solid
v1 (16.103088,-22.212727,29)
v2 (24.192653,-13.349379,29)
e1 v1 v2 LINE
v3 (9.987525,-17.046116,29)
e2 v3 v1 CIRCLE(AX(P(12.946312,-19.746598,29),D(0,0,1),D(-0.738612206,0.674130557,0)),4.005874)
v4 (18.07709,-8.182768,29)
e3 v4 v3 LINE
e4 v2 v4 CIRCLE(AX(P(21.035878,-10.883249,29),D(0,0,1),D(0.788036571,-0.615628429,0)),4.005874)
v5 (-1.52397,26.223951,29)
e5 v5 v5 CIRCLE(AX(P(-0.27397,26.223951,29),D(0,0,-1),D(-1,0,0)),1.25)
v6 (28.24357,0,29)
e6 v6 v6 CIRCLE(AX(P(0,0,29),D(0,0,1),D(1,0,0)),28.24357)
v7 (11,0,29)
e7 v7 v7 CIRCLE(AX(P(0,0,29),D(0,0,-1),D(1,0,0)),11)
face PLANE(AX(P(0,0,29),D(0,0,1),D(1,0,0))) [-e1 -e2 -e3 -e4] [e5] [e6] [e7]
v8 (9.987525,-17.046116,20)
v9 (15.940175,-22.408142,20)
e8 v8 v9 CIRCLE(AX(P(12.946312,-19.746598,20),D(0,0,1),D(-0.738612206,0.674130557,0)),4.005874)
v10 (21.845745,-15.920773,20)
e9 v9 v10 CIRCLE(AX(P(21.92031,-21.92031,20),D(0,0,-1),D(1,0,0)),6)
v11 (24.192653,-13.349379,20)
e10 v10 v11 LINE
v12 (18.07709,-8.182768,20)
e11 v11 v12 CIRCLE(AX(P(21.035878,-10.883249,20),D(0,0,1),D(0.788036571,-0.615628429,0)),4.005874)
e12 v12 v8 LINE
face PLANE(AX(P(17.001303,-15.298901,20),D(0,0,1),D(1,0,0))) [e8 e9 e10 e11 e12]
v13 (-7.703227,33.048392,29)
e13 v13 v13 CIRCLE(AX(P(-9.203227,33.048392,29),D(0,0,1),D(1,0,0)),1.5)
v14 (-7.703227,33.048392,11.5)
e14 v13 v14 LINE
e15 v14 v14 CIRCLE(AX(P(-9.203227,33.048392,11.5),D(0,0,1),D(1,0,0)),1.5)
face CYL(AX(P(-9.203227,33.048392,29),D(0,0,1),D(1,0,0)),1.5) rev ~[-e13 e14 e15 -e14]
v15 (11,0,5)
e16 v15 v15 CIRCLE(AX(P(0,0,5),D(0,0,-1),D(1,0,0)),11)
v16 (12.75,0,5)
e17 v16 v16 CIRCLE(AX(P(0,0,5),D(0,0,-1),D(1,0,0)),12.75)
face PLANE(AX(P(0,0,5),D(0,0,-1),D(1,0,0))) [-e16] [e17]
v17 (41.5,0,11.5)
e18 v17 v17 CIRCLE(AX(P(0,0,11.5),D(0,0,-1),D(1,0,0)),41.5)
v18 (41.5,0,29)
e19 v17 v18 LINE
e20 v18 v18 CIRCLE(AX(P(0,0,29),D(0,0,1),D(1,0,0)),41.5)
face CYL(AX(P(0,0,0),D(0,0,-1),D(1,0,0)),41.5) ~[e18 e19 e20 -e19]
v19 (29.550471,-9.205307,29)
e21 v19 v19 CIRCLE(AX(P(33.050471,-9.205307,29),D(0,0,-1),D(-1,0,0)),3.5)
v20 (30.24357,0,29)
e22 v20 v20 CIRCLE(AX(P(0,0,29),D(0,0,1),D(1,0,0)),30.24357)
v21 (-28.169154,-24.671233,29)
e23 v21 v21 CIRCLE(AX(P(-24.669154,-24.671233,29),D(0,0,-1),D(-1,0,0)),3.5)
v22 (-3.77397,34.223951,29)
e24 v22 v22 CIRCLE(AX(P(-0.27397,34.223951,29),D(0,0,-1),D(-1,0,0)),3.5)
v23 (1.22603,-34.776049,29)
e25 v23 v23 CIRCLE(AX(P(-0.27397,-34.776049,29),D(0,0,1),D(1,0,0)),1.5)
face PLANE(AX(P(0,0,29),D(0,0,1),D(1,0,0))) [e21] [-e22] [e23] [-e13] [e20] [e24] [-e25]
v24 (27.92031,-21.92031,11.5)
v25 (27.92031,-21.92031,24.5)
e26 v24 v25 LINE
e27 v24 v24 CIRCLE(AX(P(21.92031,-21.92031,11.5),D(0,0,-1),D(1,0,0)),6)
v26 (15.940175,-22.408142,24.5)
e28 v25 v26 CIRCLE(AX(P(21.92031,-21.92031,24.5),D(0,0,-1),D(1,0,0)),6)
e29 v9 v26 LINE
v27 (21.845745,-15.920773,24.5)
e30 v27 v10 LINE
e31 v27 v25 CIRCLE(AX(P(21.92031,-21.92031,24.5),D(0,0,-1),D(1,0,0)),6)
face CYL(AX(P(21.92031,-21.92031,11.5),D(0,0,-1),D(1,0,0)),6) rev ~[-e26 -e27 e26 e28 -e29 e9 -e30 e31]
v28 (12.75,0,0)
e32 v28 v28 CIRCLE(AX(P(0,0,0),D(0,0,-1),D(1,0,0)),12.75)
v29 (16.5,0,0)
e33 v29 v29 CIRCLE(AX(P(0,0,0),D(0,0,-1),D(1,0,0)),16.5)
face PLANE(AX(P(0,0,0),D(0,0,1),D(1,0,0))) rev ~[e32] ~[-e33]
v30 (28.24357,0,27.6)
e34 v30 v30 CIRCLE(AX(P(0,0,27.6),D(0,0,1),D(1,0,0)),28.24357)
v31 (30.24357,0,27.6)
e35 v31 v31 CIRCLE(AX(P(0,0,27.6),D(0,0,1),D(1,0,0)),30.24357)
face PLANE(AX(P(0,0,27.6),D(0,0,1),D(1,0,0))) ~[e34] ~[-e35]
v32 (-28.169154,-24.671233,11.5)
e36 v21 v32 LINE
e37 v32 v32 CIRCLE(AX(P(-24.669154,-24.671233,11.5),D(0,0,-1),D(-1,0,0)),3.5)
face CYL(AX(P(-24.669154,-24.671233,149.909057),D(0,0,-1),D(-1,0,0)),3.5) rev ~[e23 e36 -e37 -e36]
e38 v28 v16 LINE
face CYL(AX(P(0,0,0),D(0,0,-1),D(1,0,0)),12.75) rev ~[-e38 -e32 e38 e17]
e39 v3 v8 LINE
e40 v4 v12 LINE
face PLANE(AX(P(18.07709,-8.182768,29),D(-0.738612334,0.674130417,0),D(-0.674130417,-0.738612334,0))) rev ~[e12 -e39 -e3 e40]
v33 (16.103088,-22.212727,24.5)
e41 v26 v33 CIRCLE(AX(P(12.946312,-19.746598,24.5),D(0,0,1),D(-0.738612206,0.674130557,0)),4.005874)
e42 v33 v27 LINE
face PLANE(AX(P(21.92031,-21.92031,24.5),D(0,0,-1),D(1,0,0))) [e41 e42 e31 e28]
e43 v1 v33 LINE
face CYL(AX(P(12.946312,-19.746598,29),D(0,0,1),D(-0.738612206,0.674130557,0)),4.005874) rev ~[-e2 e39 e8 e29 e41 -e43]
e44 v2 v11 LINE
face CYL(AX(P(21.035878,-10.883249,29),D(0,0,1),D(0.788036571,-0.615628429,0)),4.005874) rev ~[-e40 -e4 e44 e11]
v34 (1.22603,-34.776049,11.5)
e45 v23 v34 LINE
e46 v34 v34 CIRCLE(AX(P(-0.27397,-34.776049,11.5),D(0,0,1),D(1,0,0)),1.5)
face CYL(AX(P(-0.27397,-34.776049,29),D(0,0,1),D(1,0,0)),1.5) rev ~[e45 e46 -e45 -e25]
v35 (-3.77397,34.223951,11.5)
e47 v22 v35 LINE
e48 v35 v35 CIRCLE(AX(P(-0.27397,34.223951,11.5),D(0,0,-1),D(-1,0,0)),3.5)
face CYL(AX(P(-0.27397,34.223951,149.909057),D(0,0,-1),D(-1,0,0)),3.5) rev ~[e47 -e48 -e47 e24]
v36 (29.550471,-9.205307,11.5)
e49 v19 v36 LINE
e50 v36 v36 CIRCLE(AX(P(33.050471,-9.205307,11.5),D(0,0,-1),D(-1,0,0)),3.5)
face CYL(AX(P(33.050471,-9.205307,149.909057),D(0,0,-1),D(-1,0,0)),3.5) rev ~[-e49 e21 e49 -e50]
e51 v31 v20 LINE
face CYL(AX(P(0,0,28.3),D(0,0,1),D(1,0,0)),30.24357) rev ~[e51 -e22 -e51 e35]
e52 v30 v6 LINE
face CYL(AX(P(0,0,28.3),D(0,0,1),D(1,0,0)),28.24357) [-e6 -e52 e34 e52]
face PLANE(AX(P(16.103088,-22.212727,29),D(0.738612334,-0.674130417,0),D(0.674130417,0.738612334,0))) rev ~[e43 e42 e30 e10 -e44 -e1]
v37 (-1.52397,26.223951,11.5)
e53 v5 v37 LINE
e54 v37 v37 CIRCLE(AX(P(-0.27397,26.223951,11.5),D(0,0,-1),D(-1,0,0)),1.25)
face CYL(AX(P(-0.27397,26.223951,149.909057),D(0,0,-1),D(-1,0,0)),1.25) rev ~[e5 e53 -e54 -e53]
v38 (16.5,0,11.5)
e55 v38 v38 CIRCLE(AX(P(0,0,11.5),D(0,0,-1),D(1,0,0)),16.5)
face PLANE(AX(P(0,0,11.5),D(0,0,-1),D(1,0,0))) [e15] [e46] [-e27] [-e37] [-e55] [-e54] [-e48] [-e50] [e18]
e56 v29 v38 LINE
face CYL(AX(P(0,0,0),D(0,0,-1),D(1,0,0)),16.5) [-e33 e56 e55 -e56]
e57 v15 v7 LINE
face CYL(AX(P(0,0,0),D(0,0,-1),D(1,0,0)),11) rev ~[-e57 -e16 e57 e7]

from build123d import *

# Parameters (mm, degrees)
F0_R      = 41.5
F1_DEPTH  = 29
F2_R      = 41.5
F2_R_2    = 16.5
F3_DEPTH  = 11.5
F4_R      = 11
F5_DEPTH  = 29.001
F6_R      = 12.75
F7_DEPTH  = 5
F8_R      = 1.5
F9_DEPTH  = 29.001
F10_D     = 7
F11_W     = 2
F11_H     = 1.4
F13_D     = 2.5
F15_DEPTH = 9
F16_R     = 6
F17_DEPTH = 13


with BuildPart() as f1:
    # F0 (on Top) → F1 (new body)
    with BuildSketch(Plane.XY):
        Circle(F0_R)
    extrude(amount=F1_DEPTH)

    # F2 (on face) → F3 (cut)
    with BuildSketch(Plane(origin=(0, 0, 0), x_dir=(1, 0, 0), z_dir=(0, 0, -1))):
        Circle(F2_R)
        Circle(F2_R_2, mode=Mode.SUBTRACT)
    extrude(amount=-F3_DEPTH, mode=Mode.SUBTRACT)

    # F4 (on face) → F5 (cut, through all)
    with BuildSketch(Plane(origin=(0, 0, 0), x_dir=(1, 0, 0), z_dir=(0, 0, -1))):
        Circle(F4_R)
    extrude(amount=-F5_DEPTH, mode=Mode.SUBTRACT)

    # F6 (on face) → F7 (cut)
    with BuildSketch(Plane(origin=(0, 0, 0), x_dir=(1, 0, 0), z_dir=(0, 0, -1))):
        Circle(F6_R)
    extrude(amount=-F7_DEPTH, mode=Mode.SUBTRACT)

    # F8 (on face) → F9 (cut, through all)
    with BuildSketch(Plane.XY.offset(29)):
        with Locations((-9.203227, 33.048392)):
            Circle(F8_R)
        with Locations((-0.27397, -34.776049)):
            Circle(F8_R)
    extrude(amount=-F9_DEPTH, mode=Mode.SUBTRACT)

    # F10 (through all)
    with Locations(Plane.XY.offset(29)):
        with Locations((-0.27397, 34.223951), (33.050471, -9.205307), (-24.669154, -24.671233)):
            Hole(F10_D / 2)

    # F11 (on Front) → F12 (revolve, cut)
    with BuildSketch(Plane.XZ):
        with Locations((29.24357, 28.3)):
            Rectangle(F11_W, F11_H)
    revolve(axis=Axis((0, 0, 11.697991), (0, 0, 1)), mode=Mode.SUBTRACT)

    # F13 (through all)
    with Locations(Plane.XY.offset(29)):
        with Locations((-0.27397, 26.223951)):
            Hole(F13_D / 2)

    # F14 (on face) → F15 (cut)
    with BuildSketch(Plane.XY.offset(29)):
        with BuildLine():
            Line((16.103088, -22.212727), (24.192653, -13.349379))
            ThreePointArc((24.192653, -13.349379), (23.621079, -7.823223), (18.07709, -8.182768))
            Line((18.07709, -8.182768), (9.987525, -17.046116))
            ThreePointArc((9.987525, -17.046116), (10.361111, -22.806624), (16.103088, -22.212727))
        make_face()
    extrude(amount=-F15_DEPTH, mode=Mode.SUBTRACT)

    # F16 (on face) → F17 (cut)
    with BuildSketch(Plane(origin=(0, 0, 11.5), x_dir=(1, 0, 0), z_dir=(0, 0, -1))):
        with Locations((21.92031, 21.92031)):
            Circle(F16_R)
    extrude(amount=-F17_DEPTH, mode=Mode.SUBTRACT)


solid = f1.part
